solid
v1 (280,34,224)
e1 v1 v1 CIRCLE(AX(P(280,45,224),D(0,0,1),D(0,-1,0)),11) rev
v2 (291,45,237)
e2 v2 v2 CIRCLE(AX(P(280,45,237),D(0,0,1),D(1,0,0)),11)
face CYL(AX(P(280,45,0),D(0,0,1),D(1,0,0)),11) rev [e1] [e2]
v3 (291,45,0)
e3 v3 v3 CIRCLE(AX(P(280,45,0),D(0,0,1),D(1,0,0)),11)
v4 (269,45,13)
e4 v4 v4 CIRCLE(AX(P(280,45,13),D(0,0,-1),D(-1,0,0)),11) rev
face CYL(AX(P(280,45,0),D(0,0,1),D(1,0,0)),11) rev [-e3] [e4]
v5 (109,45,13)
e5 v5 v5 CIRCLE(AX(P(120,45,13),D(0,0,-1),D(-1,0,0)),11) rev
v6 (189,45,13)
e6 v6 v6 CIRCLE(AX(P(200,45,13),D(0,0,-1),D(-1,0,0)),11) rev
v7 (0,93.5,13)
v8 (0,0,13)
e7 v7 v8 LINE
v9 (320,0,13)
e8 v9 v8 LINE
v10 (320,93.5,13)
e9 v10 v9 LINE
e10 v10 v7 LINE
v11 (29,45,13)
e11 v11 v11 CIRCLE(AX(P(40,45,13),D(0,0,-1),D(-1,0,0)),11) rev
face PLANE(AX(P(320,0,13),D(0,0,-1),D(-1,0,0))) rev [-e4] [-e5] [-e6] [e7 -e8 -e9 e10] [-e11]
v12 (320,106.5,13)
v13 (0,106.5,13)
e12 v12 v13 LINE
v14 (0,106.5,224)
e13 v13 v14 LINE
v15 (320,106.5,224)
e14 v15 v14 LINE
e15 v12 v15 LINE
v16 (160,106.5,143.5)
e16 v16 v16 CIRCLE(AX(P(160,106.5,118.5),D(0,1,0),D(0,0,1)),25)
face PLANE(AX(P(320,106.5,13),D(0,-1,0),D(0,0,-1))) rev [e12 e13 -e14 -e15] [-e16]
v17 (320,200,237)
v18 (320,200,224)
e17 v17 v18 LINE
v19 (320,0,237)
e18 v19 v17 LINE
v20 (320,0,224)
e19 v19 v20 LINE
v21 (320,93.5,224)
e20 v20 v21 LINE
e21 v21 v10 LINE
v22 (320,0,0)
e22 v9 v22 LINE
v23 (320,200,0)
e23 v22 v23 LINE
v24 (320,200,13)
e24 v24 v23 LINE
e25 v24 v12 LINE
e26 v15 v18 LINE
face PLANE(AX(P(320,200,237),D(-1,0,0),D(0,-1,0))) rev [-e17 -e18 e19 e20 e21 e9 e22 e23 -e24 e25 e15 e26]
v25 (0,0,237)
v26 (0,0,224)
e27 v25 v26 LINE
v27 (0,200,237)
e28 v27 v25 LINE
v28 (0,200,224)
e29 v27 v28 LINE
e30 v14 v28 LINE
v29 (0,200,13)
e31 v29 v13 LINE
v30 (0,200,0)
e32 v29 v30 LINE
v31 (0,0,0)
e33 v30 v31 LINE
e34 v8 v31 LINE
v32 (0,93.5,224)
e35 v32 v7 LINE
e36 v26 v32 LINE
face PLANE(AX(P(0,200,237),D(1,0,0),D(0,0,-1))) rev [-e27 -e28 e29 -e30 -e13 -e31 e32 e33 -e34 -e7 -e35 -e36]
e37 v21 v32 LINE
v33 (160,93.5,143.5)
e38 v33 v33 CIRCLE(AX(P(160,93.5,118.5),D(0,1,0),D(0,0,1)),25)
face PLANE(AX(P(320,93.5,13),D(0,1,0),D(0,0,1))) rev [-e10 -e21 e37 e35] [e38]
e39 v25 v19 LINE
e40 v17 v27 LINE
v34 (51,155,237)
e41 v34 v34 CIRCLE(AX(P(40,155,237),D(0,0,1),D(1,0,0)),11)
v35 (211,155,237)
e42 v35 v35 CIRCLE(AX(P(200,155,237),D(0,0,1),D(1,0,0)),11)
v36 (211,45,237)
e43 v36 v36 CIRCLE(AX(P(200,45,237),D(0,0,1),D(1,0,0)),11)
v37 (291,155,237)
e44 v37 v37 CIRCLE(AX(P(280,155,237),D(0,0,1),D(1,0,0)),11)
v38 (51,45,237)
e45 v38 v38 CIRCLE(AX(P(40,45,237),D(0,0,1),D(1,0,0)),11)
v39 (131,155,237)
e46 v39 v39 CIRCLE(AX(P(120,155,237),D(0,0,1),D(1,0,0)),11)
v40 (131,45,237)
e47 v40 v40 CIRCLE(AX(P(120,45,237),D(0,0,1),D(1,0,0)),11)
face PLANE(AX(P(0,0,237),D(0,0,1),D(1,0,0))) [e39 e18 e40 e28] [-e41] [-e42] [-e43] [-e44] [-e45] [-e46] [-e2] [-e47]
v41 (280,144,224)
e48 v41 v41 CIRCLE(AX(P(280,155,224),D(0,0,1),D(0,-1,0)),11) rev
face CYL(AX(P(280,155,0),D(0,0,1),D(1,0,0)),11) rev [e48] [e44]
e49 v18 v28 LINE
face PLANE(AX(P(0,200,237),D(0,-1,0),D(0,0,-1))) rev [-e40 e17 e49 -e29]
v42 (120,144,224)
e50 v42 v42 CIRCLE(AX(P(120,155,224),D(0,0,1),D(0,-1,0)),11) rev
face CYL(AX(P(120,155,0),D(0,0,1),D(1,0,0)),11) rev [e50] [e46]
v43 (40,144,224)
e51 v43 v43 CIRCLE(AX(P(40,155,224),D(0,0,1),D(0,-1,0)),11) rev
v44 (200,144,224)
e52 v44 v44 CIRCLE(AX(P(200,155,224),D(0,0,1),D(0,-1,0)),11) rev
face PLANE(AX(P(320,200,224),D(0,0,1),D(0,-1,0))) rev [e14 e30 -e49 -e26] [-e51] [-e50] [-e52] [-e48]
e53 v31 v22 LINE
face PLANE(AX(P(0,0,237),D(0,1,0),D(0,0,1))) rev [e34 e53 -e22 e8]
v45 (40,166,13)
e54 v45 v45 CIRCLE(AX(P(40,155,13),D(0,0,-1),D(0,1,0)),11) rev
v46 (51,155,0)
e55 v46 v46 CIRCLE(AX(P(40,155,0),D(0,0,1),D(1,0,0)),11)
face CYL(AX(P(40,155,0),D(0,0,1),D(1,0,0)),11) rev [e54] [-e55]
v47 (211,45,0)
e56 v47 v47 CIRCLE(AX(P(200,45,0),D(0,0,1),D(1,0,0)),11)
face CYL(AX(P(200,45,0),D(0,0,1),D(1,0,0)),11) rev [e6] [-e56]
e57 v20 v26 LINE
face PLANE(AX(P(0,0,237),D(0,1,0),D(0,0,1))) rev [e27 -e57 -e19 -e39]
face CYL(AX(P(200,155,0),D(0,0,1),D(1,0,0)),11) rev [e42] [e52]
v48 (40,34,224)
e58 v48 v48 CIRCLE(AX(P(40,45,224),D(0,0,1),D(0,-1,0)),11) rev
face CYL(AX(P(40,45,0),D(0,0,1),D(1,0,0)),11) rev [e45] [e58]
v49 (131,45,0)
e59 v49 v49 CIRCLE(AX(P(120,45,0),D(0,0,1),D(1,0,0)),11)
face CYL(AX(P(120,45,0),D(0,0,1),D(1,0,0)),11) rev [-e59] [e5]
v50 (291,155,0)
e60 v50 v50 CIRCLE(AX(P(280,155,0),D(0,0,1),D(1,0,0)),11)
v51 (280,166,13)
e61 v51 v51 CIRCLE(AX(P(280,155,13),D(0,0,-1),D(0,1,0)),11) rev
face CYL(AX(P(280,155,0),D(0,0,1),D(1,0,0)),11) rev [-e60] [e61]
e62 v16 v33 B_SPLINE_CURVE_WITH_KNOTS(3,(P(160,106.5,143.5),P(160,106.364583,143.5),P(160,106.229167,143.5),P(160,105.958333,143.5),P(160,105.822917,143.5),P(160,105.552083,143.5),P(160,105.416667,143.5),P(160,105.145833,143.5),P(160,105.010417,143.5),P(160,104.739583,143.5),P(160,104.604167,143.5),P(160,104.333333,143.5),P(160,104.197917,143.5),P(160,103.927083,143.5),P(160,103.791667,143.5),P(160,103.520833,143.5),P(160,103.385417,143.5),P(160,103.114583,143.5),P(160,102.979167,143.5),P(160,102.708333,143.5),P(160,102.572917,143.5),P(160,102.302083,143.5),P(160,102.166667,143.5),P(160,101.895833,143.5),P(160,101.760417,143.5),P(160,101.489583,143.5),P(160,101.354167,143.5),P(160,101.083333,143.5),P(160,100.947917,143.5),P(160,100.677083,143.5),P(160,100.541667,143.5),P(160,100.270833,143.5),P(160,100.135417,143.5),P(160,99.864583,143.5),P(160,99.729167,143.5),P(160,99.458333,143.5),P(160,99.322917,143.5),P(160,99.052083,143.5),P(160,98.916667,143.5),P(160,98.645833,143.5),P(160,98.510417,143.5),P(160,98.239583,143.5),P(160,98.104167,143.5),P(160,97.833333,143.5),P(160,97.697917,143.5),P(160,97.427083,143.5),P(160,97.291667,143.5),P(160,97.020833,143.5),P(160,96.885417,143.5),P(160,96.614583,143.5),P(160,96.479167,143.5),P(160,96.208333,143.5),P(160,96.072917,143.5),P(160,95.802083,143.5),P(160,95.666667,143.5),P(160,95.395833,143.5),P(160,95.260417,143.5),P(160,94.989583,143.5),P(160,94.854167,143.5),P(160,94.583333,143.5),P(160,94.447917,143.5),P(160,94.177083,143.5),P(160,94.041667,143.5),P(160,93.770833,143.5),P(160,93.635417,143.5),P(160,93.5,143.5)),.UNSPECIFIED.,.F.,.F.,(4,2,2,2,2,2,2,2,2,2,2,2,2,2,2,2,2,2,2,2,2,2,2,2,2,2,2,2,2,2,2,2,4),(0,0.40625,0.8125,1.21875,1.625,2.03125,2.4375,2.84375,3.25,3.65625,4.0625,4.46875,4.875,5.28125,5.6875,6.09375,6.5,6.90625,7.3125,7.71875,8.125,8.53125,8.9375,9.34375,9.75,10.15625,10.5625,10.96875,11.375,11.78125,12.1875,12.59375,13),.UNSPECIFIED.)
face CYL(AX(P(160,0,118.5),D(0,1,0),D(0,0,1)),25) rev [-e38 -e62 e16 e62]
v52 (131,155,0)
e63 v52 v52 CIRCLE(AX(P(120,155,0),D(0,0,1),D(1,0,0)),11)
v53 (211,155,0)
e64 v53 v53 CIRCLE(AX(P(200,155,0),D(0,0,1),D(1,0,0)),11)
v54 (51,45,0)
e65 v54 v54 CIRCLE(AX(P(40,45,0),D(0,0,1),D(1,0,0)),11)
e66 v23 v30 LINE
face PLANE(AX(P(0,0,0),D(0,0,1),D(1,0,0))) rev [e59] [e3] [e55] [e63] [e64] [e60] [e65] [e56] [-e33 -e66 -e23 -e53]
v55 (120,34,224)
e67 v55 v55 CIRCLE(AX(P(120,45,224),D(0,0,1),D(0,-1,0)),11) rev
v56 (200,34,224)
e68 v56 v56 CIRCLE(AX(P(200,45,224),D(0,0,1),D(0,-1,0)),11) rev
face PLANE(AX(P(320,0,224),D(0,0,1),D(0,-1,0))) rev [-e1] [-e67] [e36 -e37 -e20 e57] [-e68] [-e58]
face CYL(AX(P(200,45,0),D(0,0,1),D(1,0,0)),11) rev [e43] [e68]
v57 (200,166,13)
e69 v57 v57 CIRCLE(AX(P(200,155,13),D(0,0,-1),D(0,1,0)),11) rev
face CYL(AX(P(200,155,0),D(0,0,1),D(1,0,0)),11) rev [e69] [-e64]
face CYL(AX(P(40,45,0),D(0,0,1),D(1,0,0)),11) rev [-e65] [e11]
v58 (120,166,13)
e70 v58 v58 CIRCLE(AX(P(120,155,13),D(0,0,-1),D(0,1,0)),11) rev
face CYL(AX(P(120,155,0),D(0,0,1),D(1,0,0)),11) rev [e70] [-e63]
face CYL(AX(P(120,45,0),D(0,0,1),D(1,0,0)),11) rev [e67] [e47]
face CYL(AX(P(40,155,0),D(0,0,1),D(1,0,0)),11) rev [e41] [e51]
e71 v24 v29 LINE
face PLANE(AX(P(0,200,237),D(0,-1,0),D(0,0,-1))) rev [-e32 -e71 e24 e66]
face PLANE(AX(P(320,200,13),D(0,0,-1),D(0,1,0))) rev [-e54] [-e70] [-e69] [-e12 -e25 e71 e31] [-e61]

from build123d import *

# Parameters (mm, degrees)
SKETCH_1_W                  = 320
SKETCH_1_H                  = 200
EXTRUDE_1_DEPTH             = 237
SKETCH_2_R                  = 11
CUT_EXTRUDE_1_DEPTH         = 446.610816745
PATTERN_LINEAR_1_COUNT      = 4
PATTERN_LINEAR_1_PITCH      = 80
PATTERN_LINEAR_1_COUNT_DIR2 = 2
PATTERN_LINEAR_1_PITCH_DIR2 = 110
SKETCH_6_W                  = 211
SKETCH_6_H                  = 93.5
CUT_EXTRUDE_3_DEPTH         = 446.610816745
SKETCH_7_R                  = 25
CUT_EXTRUDE_4_DEPTH         = 413.202923328


with BuildPart() as part:
    # 草图1 → 拉伸1 (new body)
    with BuildSketch(Plane.XY):
        with Locations((160, 100)):
            Rectangle(SKETCH_1_W, SKETCH_1_H)
    extrude(amount=EXTRUDE_1_DEPTH)

    # 草图2 → 切除-拉伸1 (cut, through all)
    with BuildSketch(Plane.XY.offset(237)):
        with Locations((40, 45)):
            Circle(SKETCH_2_R)
    cut_extrude_1 = extrude(amount=-CUT_EXTRUDE_1_DEPTH, mode=Mode.SUBTRACT)

    # 阵列(线性)1: Cut-Extrude 1 4 × 2
    with Locations(*[(i * PATTERN_LINEAR_1_PITCH, j * PATTERN_LINEAR_1_PITCH_DIR2, 0) for i in range(PATTERN_LINEAR_1_COUNT) for j in range(PATTERN_LINEAR_1_COUNT_DIR2) if (i, j) != (0, 0)]):
        add(cut_extrude_1, mode=Mode.SUBTRACT)

    # 草图6 → 切除-拉伸3 (cut, through all)
    with BuildSketch(Plane.ZY):
        with Locations((118.5, 153.25)):
            Rectangle(SKETCH_6_W, SKETCH_6_H)
        with Locations((118.5, 46.75)):
            Rectangle(SKETCH_6_W, SKETCH_6_H)
    extrude(amount=-CUT_EXTRUDE_3_DEPTH, mode=Mode.SUBTRACT)

    # 草图7 → 切除-拉伸4 (cut, through all)
    with BuildSketch(Plane(origin=(0, 106.5, 0), x_dir=(1, 0, 0), z_dir=(0, 1, 0))):
        with Locations(Location((160, -118.5, 0), (0, 0, 270))):
            Circle(SKETCH_7_R)
    extrude(amount=-CUT_EXTRUDE_4_DEPTH, mode=Mode.SUBTRACT)


solid = part.part
